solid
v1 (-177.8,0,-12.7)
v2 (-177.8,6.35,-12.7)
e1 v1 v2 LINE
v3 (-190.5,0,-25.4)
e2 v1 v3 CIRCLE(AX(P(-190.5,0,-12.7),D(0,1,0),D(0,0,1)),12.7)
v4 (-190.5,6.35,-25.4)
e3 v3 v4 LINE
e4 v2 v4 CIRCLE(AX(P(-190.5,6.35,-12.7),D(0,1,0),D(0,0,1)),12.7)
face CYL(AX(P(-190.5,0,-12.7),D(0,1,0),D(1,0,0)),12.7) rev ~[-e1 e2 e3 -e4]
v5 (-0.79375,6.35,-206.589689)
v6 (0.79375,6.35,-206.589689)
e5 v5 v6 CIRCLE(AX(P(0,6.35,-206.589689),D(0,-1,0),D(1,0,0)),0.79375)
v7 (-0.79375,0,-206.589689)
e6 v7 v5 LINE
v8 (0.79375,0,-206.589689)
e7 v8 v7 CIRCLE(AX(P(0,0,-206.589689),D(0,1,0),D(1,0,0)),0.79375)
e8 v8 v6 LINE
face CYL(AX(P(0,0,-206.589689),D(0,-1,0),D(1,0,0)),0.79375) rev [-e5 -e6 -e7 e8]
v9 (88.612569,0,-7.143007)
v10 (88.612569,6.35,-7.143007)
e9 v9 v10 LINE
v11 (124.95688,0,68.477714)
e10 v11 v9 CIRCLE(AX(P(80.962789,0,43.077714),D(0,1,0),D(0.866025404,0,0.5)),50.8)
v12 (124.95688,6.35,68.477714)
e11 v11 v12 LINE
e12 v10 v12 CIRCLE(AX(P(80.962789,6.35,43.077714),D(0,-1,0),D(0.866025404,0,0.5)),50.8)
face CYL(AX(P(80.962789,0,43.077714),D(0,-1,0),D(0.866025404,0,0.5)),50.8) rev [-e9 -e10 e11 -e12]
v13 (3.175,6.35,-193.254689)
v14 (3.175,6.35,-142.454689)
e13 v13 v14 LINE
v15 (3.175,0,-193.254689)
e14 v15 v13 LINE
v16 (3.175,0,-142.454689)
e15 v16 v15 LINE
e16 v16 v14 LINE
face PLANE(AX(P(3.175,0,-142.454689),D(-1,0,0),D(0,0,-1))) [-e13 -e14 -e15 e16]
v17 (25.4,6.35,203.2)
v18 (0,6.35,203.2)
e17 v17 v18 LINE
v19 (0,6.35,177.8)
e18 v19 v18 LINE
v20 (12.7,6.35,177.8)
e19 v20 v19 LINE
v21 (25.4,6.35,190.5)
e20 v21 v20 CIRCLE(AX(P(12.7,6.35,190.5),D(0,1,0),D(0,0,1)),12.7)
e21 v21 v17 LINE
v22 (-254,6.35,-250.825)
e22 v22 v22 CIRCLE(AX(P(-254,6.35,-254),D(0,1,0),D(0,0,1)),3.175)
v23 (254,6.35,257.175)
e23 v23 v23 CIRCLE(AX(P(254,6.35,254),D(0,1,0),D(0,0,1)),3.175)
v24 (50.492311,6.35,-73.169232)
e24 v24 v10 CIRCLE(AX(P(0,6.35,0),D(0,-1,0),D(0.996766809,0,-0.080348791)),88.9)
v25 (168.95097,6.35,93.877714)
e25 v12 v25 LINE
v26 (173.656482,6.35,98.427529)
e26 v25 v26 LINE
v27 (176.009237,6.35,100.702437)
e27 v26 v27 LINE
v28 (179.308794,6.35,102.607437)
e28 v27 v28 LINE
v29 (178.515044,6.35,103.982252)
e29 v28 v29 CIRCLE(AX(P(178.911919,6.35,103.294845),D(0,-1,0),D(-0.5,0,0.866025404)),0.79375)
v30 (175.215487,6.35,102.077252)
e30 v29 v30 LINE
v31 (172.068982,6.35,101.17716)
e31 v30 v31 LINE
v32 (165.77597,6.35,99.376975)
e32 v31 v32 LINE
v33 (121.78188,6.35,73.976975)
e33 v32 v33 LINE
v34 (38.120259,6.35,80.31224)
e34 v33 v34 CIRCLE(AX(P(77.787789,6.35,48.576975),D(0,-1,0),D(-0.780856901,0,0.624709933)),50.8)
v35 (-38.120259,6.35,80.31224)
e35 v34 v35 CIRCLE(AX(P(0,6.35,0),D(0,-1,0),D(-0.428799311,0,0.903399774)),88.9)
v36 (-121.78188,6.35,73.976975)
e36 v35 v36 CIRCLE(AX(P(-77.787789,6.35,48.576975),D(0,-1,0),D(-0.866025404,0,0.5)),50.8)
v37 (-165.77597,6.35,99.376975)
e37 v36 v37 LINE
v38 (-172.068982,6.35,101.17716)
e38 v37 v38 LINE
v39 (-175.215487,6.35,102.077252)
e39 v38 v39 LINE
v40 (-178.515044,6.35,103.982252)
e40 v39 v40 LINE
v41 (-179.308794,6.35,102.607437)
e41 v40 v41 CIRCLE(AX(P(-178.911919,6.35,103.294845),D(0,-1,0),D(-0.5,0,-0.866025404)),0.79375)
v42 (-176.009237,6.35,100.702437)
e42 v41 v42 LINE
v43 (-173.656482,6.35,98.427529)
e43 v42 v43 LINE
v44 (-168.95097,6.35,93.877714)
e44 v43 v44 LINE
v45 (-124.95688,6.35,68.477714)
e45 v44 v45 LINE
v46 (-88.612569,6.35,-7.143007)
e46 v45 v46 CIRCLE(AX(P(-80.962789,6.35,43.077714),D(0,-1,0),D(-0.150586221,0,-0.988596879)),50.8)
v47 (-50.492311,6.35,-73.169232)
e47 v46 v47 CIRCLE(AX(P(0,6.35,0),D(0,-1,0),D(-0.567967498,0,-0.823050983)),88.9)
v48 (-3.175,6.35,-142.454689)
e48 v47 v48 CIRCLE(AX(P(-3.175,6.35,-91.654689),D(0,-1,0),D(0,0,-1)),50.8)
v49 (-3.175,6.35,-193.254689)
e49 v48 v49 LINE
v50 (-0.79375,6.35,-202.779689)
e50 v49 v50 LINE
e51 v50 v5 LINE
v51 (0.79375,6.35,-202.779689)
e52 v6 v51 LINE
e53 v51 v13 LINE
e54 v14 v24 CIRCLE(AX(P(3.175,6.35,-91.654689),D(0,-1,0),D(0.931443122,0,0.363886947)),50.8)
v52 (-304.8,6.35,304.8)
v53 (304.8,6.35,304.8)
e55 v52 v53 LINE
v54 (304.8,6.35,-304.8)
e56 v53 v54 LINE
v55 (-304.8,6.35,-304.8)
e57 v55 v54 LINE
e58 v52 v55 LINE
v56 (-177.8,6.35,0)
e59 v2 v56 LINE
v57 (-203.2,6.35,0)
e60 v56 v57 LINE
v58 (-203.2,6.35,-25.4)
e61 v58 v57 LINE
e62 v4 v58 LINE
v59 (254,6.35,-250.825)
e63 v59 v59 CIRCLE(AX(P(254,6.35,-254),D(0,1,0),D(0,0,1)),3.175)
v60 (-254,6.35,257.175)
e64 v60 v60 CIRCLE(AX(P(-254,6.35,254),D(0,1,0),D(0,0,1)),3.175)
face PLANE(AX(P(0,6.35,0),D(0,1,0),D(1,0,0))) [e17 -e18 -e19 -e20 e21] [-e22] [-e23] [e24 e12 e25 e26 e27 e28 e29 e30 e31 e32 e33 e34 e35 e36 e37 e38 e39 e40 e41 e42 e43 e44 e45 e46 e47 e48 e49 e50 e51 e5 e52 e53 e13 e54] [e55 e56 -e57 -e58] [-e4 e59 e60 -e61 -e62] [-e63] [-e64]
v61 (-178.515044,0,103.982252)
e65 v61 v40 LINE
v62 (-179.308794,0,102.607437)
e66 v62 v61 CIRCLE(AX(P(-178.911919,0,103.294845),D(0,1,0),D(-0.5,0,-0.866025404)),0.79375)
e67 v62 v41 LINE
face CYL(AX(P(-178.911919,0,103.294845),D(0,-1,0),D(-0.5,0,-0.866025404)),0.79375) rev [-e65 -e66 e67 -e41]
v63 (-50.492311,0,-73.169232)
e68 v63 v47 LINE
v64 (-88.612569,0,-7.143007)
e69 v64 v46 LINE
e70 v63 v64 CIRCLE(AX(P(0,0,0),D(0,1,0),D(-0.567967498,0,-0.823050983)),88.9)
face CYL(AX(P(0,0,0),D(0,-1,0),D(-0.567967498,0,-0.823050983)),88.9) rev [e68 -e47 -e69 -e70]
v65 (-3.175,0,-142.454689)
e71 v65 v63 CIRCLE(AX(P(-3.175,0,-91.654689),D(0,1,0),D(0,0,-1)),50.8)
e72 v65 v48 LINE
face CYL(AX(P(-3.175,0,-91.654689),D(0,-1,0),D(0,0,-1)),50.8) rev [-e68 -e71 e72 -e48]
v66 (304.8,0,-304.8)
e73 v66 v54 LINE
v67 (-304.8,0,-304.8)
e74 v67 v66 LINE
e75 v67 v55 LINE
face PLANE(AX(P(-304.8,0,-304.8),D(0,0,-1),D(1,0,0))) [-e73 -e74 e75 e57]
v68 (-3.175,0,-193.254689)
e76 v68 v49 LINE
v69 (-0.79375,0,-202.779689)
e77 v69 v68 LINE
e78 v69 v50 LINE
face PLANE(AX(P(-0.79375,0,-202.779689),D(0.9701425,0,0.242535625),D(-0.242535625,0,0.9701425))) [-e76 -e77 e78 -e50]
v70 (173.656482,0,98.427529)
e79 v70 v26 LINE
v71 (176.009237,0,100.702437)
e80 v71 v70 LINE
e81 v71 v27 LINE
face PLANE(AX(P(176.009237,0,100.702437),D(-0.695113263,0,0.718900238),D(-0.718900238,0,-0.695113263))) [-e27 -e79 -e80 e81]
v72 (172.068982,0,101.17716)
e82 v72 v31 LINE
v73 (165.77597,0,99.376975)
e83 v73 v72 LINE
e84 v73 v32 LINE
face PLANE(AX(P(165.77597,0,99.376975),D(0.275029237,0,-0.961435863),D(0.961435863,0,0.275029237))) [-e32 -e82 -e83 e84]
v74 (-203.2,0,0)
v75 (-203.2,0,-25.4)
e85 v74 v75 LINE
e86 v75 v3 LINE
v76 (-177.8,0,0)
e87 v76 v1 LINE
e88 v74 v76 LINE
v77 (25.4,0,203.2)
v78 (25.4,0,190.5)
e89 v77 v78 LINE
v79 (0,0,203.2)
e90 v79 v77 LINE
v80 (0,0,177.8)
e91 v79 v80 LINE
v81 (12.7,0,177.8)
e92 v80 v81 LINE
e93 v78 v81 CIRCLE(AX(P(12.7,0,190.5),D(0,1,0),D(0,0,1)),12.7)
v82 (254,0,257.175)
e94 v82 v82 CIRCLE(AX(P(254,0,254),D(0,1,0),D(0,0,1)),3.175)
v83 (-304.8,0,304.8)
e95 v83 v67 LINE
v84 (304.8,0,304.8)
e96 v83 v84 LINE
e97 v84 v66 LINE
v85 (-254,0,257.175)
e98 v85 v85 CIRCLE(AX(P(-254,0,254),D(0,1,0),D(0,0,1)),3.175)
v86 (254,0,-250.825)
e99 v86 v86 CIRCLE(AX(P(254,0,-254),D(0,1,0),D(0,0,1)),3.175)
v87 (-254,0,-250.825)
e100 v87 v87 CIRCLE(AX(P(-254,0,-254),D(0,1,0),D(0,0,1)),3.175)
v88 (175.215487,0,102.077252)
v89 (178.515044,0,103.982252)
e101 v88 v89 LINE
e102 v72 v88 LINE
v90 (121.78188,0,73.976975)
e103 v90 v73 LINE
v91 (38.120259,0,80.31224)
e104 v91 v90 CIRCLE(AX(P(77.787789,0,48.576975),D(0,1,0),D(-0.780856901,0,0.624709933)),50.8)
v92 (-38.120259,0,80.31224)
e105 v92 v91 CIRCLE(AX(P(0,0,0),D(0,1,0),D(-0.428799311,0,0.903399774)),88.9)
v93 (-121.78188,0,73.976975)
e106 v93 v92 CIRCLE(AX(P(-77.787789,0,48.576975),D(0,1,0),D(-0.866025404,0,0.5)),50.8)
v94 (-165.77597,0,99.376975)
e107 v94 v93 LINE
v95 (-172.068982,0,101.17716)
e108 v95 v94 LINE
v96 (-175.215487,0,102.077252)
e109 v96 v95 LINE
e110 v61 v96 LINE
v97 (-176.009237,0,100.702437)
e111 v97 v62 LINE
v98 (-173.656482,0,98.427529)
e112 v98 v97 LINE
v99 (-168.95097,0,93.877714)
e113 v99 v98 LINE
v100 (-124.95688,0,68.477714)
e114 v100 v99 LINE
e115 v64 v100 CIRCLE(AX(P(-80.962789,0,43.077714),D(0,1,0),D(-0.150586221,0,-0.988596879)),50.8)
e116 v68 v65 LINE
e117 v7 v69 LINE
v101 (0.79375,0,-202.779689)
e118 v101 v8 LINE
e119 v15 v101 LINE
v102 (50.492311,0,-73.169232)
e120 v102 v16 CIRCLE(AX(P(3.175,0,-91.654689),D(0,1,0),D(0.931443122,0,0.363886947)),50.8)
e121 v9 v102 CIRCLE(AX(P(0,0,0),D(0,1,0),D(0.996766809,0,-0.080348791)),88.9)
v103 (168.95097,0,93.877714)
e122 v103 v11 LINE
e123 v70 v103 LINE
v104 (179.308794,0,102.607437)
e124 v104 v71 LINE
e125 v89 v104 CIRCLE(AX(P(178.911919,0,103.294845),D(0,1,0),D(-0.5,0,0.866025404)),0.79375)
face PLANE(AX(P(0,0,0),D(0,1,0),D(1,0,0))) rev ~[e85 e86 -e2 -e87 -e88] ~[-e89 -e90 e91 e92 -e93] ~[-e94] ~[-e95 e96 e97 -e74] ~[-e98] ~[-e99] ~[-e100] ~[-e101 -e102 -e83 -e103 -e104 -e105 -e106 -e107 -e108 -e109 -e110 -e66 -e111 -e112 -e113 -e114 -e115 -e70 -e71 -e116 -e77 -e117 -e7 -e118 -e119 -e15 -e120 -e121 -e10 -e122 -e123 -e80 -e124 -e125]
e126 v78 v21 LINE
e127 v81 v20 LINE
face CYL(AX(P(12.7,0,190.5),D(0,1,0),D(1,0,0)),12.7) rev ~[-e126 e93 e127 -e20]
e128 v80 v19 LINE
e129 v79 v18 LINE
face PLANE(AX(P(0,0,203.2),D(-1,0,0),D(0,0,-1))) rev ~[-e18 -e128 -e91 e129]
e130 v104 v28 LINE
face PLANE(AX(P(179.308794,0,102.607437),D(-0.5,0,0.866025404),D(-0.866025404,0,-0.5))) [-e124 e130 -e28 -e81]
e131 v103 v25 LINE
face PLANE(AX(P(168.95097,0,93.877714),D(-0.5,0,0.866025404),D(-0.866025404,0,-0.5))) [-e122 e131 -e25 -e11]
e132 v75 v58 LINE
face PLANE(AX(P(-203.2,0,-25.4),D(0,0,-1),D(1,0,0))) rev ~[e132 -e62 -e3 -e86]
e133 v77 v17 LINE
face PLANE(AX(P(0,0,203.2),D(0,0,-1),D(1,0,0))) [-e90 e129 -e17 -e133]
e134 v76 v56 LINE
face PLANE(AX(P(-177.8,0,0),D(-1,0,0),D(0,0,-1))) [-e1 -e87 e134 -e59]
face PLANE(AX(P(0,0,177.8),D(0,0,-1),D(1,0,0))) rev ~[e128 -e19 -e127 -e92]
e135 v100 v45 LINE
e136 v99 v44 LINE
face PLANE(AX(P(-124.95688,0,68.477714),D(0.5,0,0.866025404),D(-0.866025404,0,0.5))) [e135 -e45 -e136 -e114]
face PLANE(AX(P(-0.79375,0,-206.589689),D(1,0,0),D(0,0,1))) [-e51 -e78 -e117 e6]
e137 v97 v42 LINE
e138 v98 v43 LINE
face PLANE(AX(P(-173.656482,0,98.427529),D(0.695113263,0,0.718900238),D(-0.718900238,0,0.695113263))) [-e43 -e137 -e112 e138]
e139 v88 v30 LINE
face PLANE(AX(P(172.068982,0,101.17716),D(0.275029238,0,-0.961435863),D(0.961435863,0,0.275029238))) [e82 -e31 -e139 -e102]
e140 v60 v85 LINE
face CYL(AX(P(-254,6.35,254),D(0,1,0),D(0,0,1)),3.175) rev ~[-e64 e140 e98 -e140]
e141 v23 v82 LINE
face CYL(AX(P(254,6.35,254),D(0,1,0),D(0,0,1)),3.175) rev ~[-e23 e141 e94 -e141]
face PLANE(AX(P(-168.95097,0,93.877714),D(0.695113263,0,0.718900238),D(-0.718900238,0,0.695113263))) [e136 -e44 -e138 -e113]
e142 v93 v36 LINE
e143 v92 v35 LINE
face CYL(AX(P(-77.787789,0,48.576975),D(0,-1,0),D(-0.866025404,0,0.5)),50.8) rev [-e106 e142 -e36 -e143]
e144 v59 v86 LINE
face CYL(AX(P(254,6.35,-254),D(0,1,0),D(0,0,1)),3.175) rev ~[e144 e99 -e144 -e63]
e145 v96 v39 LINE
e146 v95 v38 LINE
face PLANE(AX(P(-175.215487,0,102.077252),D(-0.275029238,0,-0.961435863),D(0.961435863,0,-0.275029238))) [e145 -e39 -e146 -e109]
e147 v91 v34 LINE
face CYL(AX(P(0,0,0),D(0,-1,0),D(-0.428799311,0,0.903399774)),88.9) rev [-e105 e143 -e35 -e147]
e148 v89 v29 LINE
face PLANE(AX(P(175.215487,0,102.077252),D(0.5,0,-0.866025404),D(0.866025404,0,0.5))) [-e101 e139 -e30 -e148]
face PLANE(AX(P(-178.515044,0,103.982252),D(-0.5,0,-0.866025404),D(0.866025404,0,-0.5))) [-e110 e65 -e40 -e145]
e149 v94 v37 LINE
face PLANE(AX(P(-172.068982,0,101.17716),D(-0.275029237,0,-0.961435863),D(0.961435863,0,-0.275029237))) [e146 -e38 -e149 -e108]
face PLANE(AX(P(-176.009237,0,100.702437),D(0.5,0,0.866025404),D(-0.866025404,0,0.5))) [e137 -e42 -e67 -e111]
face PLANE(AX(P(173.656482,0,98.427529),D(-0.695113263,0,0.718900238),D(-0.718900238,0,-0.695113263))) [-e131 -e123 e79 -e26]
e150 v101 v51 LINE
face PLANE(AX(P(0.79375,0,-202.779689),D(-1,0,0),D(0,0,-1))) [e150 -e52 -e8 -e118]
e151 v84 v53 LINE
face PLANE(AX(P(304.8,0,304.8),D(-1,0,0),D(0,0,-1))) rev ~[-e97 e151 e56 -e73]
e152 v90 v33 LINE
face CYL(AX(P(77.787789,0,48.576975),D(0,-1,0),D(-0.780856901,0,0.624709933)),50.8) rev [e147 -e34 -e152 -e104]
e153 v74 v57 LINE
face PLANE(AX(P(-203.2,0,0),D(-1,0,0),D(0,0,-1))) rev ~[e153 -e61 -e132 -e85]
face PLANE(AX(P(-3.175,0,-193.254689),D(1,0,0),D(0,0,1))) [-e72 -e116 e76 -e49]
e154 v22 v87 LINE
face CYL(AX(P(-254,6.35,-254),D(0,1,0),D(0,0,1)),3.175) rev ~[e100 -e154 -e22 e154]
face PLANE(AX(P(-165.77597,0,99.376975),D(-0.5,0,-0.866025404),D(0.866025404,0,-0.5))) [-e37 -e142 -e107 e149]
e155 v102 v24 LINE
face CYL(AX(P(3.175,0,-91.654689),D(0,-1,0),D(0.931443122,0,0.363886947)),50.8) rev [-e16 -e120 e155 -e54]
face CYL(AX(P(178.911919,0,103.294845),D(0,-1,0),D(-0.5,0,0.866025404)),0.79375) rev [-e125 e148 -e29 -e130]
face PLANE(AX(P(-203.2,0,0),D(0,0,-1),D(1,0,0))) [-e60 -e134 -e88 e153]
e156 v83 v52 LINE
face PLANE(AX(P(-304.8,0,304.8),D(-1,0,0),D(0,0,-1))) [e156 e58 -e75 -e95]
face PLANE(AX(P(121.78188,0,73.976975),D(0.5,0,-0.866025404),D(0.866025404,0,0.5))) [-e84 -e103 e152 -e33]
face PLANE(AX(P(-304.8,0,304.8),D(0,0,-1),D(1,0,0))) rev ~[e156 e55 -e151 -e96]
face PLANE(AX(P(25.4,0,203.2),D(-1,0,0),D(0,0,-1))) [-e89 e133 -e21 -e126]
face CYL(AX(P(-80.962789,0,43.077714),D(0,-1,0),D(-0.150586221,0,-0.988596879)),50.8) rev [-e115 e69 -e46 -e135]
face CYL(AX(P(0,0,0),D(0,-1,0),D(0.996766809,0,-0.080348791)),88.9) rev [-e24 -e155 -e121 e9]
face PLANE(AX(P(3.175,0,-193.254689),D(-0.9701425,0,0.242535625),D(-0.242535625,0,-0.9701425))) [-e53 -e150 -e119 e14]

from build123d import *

# Parameters (mm, degrees)
SKETCH1_W           = 609.6
SKETCH1_H           = 609.6
BOSS_EXTRUDE1_DEPTH = 6.35
CUT_EXTRUDE2_DEPTH  = 432.099063441
SKETCH4_W           = 25.4
SKETCH4_H           = 25.4
CUT_EXTRUDE8_DEPTH  = 432.099063441
FILLET4_R           = 12.7
FILLET5_R           = 12.7
SKETCH5_R           = 3.175
CUT_EXTRUDE9_DEPTH  = 432.099063441


with BuildPart() as part:
    # Sketch1 → Boss-Extrude1 (new body)
    with BuildSketch(Plane(origin=(0, 0, 0), x_dir=(1, 0, 0), z_dir=(0, 1, 0))):
        Rectangle(SKETCH1_W, SKETCH1_H)
    extrude(amount=BOSS_EXTRUDE1_DEPTH)

    # Sketch3 → Cut-Extrude2 (cut, through all)
    with BuildSketch(Plane(origin=(0, 0, 0), x_dir=(1, 0, 0), z_dir=(0, 1, 0))):
        with BuildLine():
            Line((-3.175, 193.254689298), (-3.175, 142.454689298))
            ThreePointArc((-3.175, 142.454689298), (-45.125573361, 120.304111538), (-50.492310608, 73.169232396))
            ThreePointArc((-50.492310608, 73.169232396), (-76.989658396, 44.45), (-88.612569335, 7.143007484))
            ThreePointArc((-88.612569335, 7.143007484), (-126.749203452, -21.072162878), (-124.95687982, -68.477713992))
            Line((-124.95687982, -68.477713992), (-168.950970332, -93.877713992))
            Line((-168.950970332, -93.877713992), (-173.656481646, -98.42752932))
            Line((-173.656481646, -98.42752932), (-176.009237303, -100.702436985))
            Line((-176.009237303, -100.702436985), (-179.308794092, -102.607436985))
            ThreePointArc((-179.308794092, -102.607436985), (-179.599326756, -103.691719649), (-178.515044092, -103.982252313))
            Line((-178.515044092, -103.982252313), (-175.215487303, -102.077252313))
            Line((-175.215487303, -102.077252313), (-172.068981646, -101.177159977))
            Line((-172.068981646, -101.177159977), (-165.775970332, -99.376975306))
            Line((-165.775970332, -99.376975306), (-121.78187982, -73.976975306))
            ThreePointArc((-121.78187982, -73.976975306), (-81.623630091, -99.23194866), (-38.120258727, -80.31223988))
            ThreePointArc((-38.120258727, -80.31223988), (0, -88.9), (38.120258727, -80.31223988))
            ThreePointArc((38.120258727, -80.31223988), (81.623630091, -99.23194866), (121.78187982, -73.976975306))
            Line((121.78187982, -73.976975306), (165.775970332, -99.376975306))
            Line((165.775970332, -99.376975306), (172.068981646, -101.177159977))
            Line((172.068981646, -101.177159977), (175.215487303, -102.077252313))
            Line((175.215487303, -102.077252313), (178.515044092, -103.982252313))
            ThreePointArc((178.515044092, -103.982252313), (179.599326756, -103.691719649), (179.308794092, -102.607436985))
            Line((179.308794092, -102.607436985), (176.009237303, -100.702436985))
            Line((176.009237303, -100.702436985), (173.656481646, -98.42752932))
            Line((173.656481646, -98.42752932), (168.950970332, -93.877713992))
            Line((168.950970332, -93.877713992), (124.95687982, -68.477713992))
            ThreePointArc((124.95687982, -68.477713992), (126.749203452, -21.072162878), (88.612569335, 7.143007484))
            ThreePointArc((88.612569335, 7.143007484), (76.989658396, 44.45), (50.492310608, 73.169232396))
            ThreePointArc((50.492310608, 73.169232396), (45.125573361, 120.304111538), (3.175, 142.454689298))
            Line((3.175, 142.454689298), (3.175, 193.254689298))
            Line((3.175, 193.254689298), (1.5875, 199.604689298))
            Line((1.5875, 199.604689298), (0.79375, 202.779689298))
            Line((0.79375, 202.779689298), (0.79375, 206.589689298))
            ThreePointArc((0.79375, 206.589689298), (0, 207.383439298), (-0.79375, 206.589689298))
            Line((-0.79375, 206.589689298), (-0.79375, 202.779689298))
            Line((-0.79375, 202.779689298), (-1.5875, 199.604689298))
            Line((-1.5875, 199.604689298), (-3.175, 193.254689298))
        make_face()
    extrude(amount=CUT_EXTRUDE2_DEPTH, mode=Mode.SUBTRACT)

    # Sketch4 → Cut-Extrude8 (cut, through all)
    with BuildSketch(Plane(origin=(0, 0, 0), x_dir=(1, 0, 0), z_dir=(0, 1, 0))):
        with Locations((12.7, -190.5)):
            Rectangle(SKETCH4_W, SKETCH4_H)
        with Locations((-190.5, 12.7)):
            Rectangle(SKETCH4_W, SKETCH4_H)
    extrude(amount=CUT_EXTRUDE8_DEPTH, mode=Mode.SUBTRACT)

    # Fillet4
    fillet4_edges = [part.edges().sort_by_distance(p)[0] for p in [
        (-177.8, 3.175, -25.4),
    ]]
    fillet(fillet4_edges, radius=FILLET4_R)

    # Fillet5
    fillet5_edges = [part.edges().sort_by_distance(p)[0] for p in [
        (25.4, 3.175, 177.8),
    ]]
    fillet(fillet5_edges, radius=FILLET5_R)

    # Sketch5 → Cut-Extrude9 (cut, through all)
    with BuildSketch(Plane(origin=(0, 6.35, 0), x_dir=(1, 0, 0), z_dir=(0, 1, 0))):
        with Locations(Location((-254, 254, 0), (0, 0, 270))):
            Circle(SKETCH5_R)
        with Locations(Location((254, 254, 0), (0, 0, 270))):
            Circle(SKETCH5_R)
        with Locations(Location((254, -254, 0), (0, 0, 270))):
            Circle(SKETCH5_R)
        with Locations(Location((-254, -254, 0), (0, 0, 270))):
            Circle(SKETCH5_R)
    extrude(amount=-CUT_EXTRUDE9_DEPTH, mode=Mode.SUBTRACT)


solid = part.part
